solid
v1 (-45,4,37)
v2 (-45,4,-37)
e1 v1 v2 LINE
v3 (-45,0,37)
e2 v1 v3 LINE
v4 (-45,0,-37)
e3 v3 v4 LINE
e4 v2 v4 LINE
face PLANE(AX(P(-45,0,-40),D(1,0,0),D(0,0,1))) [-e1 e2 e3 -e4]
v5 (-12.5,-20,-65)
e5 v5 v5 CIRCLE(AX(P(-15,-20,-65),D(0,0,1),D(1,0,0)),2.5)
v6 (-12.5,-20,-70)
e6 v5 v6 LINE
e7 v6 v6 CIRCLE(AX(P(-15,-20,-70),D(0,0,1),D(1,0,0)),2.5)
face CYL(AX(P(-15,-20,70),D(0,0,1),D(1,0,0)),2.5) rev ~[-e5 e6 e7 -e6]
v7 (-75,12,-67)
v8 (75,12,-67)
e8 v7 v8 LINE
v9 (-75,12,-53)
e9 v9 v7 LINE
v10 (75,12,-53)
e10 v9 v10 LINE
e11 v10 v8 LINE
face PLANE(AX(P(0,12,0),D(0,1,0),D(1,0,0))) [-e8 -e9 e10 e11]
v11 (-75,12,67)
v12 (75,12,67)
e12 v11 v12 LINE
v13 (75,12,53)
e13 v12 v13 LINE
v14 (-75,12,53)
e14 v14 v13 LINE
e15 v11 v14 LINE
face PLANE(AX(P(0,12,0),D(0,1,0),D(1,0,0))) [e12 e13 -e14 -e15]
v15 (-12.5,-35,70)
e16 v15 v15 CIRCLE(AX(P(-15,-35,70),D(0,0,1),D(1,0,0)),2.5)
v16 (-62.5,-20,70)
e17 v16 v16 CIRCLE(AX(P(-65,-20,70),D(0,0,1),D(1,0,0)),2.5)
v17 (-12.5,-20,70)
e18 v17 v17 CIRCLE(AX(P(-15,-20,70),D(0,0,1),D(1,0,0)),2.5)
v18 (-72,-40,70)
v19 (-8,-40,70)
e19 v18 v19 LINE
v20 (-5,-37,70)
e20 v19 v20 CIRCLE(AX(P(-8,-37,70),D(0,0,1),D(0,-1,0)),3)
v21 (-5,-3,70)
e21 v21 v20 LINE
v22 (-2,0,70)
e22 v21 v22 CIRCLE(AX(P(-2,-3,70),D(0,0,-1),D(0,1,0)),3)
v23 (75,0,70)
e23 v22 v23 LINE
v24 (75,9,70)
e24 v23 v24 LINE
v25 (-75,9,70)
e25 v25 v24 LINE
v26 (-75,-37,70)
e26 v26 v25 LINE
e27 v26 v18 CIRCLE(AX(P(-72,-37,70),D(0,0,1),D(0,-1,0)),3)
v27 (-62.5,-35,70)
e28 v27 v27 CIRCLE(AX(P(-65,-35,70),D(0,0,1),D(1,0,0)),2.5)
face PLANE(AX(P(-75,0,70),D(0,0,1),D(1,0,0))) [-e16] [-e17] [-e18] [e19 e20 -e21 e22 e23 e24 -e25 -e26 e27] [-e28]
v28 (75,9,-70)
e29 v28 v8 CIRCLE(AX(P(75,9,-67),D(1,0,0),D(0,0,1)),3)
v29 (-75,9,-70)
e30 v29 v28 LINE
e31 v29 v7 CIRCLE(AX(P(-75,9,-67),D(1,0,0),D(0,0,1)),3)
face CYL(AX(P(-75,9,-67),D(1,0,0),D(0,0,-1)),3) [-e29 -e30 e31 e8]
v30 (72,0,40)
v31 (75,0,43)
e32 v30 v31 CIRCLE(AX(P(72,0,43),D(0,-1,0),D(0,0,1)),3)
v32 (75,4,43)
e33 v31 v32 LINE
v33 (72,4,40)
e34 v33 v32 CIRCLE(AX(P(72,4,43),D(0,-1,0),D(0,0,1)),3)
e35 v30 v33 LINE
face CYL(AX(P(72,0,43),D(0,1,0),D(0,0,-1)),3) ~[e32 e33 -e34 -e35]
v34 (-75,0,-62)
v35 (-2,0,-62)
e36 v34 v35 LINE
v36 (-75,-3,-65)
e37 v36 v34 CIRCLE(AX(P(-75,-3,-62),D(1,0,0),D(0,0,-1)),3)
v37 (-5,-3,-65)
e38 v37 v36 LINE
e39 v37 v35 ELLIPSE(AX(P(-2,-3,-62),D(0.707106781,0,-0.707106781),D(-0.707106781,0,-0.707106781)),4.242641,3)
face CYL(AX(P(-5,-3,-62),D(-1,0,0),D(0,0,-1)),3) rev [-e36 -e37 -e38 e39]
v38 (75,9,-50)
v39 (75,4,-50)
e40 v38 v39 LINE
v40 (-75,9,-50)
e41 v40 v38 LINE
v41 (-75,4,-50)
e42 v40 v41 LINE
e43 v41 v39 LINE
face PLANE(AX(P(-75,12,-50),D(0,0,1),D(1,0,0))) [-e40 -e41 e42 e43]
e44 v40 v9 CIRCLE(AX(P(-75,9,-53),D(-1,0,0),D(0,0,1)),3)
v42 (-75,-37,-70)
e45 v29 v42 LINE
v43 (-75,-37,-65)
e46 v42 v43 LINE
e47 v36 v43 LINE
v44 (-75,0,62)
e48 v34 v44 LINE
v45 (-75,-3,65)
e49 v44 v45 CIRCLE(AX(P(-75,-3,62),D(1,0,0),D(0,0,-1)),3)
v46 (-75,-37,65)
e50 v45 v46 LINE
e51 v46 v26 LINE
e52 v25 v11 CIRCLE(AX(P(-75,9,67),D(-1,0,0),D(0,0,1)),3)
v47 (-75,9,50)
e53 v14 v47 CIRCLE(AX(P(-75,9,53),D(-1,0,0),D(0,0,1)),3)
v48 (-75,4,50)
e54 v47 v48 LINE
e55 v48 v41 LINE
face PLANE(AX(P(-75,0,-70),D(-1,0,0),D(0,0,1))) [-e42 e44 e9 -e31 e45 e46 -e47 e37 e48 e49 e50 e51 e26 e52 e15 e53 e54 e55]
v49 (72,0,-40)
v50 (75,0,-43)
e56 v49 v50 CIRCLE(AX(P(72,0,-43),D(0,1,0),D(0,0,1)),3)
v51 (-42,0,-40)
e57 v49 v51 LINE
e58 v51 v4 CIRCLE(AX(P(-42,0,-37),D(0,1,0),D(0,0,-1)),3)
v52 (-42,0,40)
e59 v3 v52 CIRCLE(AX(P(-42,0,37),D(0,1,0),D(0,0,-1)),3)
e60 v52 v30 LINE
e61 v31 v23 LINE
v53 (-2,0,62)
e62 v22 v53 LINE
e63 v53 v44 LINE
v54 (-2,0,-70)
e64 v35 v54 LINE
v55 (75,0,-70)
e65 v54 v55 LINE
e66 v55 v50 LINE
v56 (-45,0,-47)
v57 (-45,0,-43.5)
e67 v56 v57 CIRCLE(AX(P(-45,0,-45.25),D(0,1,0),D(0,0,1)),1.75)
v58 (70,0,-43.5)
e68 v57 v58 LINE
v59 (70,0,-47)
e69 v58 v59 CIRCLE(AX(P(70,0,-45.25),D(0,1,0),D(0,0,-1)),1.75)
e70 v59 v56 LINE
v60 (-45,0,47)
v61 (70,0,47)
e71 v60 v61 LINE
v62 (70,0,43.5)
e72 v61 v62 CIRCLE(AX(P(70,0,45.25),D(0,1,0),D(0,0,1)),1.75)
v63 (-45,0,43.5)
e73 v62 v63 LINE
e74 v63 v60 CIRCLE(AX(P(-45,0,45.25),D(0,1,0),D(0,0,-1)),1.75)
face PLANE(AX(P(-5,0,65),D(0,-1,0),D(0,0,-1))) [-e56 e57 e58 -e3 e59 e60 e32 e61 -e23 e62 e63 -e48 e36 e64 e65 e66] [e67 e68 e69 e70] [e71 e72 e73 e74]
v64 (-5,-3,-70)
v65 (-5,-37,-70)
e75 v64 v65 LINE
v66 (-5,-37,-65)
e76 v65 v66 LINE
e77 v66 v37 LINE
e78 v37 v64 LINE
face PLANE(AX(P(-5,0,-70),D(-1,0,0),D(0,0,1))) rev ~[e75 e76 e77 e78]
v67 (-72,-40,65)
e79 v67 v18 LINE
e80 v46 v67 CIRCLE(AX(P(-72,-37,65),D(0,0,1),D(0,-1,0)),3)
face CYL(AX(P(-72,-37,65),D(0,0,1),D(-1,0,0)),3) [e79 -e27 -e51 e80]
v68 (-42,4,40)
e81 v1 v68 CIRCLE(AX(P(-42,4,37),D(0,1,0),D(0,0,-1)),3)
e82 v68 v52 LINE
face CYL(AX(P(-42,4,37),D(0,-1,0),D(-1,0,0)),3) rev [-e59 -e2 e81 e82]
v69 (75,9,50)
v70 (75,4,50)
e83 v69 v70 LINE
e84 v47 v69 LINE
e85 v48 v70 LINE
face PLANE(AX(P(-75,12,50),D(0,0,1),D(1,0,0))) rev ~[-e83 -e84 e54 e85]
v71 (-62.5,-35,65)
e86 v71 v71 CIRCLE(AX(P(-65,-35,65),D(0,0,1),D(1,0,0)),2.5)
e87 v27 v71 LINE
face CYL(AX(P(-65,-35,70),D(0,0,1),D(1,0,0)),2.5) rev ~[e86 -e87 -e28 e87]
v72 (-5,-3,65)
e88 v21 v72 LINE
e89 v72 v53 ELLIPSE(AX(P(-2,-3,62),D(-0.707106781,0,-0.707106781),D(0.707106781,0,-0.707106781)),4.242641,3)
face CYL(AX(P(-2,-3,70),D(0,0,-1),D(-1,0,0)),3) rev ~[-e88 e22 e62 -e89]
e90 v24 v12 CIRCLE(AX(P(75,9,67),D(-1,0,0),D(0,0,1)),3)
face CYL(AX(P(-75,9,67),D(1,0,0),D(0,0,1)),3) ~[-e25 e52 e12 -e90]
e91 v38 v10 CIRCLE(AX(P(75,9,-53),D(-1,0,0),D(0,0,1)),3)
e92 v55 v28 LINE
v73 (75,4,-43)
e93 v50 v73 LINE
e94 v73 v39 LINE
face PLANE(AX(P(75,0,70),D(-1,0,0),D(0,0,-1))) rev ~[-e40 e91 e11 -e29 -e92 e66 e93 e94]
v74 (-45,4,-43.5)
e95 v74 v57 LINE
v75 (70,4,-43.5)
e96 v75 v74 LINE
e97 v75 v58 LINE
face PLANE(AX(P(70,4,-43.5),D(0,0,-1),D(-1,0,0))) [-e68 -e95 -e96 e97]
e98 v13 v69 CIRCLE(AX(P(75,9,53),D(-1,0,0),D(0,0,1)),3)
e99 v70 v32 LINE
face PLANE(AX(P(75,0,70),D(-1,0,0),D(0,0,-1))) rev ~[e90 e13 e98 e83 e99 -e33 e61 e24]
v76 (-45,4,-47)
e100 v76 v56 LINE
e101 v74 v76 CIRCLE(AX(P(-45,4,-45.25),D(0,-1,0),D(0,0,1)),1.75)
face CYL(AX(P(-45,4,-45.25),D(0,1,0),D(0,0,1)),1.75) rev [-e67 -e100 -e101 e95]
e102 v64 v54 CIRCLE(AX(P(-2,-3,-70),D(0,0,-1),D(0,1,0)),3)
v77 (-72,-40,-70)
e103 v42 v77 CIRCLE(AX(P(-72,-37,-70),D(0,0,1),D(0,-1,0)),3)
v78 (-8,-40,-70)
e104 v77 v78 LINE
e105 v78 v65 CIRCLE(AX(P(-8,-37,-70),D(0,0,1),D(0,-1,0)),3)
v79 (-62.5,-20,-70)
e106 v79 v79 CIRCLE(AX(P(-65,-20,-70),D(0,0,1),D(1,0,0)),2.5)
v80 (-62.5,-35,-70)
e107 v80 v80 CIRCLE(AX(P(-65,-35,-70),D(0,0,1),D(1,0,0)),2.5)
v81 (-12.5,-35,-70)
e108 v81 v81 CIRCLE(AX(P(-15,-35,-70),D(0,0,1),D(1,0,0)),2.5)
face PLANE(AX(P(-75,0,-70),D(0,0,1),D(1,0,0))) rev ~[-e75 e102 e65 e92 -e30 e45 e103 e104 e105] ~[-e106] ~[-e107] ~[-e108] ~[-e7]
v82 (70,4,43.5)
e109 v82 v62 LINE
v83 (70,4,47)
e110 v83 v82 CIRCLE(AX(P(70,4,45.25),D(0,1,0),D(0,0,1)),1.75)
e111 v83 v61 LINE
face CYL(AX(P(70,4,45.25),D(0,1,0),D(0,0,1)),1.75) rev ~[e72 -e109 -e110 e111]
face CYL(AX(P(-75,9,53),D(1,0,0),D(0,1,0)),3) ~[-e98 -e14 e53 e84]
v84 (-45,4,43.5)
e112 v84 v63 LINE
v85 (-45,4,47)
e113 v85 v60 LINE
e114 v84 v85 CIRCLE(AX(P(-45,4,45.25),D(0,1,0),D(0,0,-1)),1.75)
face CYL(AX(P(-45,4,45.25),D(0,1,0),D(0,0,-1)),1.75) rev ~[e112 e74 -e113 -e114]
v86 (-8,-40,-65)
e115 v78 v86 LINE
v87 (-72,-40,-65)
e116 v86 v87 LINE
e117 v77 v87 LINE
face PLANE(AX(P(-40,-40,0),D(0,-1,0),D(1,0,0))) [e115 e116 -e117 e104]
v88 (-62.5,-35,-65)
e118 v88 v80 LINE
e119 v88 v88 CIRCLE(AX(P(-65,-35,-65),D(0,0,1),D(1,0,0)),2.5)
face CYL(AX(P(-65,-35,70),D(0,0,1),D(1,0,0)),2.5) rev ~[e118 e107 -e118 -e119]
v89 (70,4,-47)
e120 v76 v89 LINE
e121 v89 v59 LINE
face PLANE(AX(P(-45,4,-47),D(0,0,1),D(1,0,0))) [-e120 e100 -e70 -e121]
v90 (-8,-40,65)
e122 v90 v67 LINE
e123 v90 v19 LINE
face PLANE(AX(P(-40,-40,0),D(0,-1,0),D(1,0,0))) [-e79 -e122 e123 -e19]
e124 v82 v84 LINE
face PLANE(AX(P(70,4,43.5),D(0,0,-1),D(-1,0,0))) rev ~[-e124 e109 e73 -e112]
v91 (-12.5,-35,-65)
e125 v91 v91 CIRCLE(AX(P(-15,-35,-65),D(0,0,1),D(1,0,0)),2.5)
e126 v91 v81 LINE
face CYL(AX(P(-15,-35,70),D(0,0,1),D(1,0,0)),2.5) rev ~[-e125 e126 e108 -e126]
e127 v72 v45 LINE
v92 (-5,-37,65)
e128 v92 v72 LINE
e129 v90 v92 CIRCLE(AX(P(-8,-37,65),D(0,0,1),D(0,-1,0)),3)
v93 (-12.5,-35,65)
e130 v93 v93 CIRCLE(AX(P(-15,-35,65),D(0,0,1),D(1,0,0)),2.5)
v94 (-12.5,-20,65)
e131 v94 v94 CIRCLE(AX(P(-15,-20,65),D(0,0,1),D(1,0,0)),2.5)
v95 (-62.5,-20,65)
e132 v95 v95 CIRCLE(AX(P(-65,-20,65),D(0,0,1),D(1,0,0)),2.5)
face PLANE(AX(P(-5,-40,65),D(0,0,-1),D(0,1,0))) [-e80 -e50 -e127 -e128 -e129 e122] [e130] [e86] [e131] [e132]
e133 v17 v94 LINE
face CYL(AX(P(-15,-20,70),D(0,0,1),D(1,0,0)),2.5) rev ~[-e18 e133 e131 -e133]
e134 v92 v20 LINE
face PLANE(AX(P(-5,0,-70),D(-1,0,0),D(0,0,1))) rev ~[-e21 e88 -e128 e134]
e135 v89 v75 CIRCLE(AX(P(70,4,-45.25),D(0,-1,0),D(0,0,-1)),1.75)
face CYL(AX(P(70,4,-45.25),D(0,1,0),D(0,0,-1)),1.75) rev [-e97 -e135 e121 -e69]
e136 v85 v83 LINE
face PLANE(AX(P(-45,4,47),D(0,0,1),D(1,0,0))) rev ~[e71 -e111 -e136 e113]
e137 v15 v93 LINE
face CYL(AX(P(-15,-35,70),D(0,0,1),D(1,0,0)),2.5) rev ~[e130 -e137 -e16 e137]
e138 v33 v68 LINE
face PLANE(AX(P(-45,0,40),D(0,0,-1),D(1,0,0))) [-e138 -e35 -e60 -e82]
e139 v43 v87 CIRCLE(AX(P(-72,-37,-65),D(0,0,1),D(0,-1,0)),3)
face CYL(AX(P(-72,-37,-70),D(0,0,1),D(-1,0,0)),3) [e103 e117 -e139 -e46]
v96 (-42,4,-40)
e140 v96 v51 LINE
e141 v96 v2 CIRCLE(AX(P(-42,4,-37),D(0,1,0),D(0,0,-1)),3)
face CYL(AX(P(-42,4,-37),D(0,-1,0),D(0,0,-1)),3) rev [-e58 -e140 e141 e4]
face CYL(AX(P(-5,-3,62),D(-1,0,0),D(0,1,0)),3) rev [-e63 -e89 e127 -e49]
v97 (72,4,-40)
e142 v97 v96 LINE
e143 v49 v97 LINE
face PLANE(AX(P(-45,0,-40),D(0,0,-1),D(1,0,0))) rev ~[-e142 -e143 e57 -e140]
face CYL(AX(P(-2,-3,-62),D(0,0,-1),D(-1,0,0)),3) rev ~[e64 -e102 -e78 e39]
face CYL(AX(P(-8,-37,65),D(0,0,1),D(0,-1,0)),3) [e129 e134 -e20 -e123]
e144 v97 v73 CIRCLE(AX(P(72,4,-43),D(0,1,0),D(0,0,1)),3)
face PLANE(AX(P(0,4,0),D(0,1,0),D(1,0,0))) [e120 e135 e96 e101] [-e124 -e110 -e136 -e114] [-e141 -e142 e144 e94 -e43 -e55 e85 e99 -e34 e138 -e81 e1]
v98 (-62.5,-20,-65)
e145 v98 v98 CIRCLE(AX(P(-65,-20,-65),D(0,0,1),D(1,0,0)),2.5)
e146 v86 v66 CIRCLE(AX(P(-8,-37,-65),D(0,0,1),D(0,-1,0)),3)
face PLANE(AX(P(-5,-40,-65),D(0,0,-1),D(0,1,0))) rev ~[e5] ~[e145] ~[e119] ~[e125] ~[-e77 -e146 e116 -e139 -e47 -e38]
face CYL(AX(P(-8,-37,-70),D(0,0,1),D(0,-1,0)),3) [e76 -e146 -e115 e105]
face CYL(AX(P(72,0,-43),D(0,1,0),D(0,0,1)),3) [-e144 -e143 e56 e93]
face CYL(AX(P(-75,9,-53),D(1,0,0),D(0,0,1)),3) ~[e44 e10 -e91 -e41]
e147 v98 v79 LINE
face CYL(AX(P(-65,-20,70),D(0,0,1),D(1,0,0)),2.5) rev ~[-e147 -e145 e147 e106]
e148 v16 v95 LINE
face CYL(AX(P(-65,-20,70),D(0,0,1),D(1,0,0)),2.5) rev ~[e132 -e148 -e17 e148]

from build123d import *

# Parameters (mm, degrees)
SKETCH1_W               = 150
SKETCH1_H               = 140
BOSS_EXTRUDE1_DEPTH     = 12
SKETCH4_W               = 70
SKETCH4_H               = 140
BOSS_EXTRUDE2_DEPTH     = 40
SKETCH5_R               = 2.5
CUT_EXTRUDE1_DEPTH      = 141
SKETCH7_W               = 150
SKETCH7_H               = 100
CUT_EXTRUDE2_DEPTH      = 8
SKETCH8_W               = 120
SKETCH8_H               = 80
CUT_EXTRUDE3_DEPTH      = 41
CUT_EXTRUDE3_DEPTH_BACK = 13
CUT_EXTRUDE4_DEPTH      = 45
SKETCH11_W              = 130
SKETCH11_H              = 40
CUT_EXTRUDE6_DEPTH      = 71
FILLET5_R               = 3
FILLET6_R               = 3
FILLET7_R               = 3
FILLET8_R               = 3
FILLET9_R               = 3
FILLET10_R              = 3
FILLET11_R              = 3


with BuildPart() as part:
    # Sketch1 → Boss-Extrude1 (new body)
    with BuildSketch(Plane(origin=(0, 0, 0), x_dir=(1, 0, 0), z_dir=(0, 1, 0))):
        Rectangle(SKETCH1_W, SKETCH1_H)
    extrude(amount=BOSS_EXTRUDE1_DEPTH)

    # Sketch4 → Boss-Extrude2 (add)
    with BuildSketch(Plane.XZ):
        with Locations((-40, 0)):
            Rectangle(SKETCH4_W, SKETCH4_H)
    extrude(amount=BOSS_EXTRUDE2_DEPTH)

    # Sketch5 → Cut-Extrude1 (cut, through all)
    with BuildSketch(Plane.XY.offset(70)):
        with Locations((-65, -35)):
            Circle(SKETCH5_R)
        with Locations((-15, -35)):
            Circle(SKETCH5_R)
        with Locations((-15, -20)):
            Circle(SKETCH5_R)
        with Locations((-65, -20)):
            Circle(SKETCH5_R)
    extrude(amount=-CUT_EXTRUDE1_DEPTH, mode=Mode.SUBTRACT)

    # Sketch7 → Cut-Extrude2 (cut)
    with BuildSketch(Plane(origin=(0, 12, 0), x_dir=(1, 0, 0), z_dir=(0, 1, 0))):
        Rectangle(SKETCH7_W, SKETCH7_H)
    extrude(amount=-CUT_EXTRUDE2_DEPTH, mode=Mode.SUBTRACT)

    # Sketch8 → Cut-Extrude3 (cut, two sides)
    with BuildSketch(Plane.XZ) as cut_extrude3_sk:
        with Locations((15, 0)):
            Rectangle(SKETCH8_W, SKETCH8_H)
    extrude(amount=CUT_EXTRUDE3_DEPTH, mode=Mode.SUBTRACT)
    extrude(cut_extrude3_sk.sketch, amount=-CUT_EXTRUDE3_DEPTH_BACK, mode=Mode.SUBTRACT)

    # Sketch9 → Cut-Extrude4 (cut, through all)
    with BuildSketch(Plane(origin=(0, 4, 0), x_dir=(1, 0, 0), z_dir=(0, 1, 0))):
        with BuildLine():
            Line((-45, 47), (70, 47))
            ThreePointArc((70, 47), (71.75, 45.25), (70, 43.5))
            Line((70, 43.5), (-45, 43.5))
            ThreePointArc((-45, 43.5), (-46.75, 45.25), (-45, 47))
        make_face()
        with BuildLine():
            Line((-45, -47), (70, -47))
            ThreePointArc((70, -47), (71.75, -45.25), (70, -43.5))
            Line((70, -43.5), (-45, -43.5))
            ThreePointArc((-45, -43.5), (-46.75, -45.25), (-45, -47))
        make_face()
    extrude(amount=-CUT_EXTRUDE4_DEPTH, mode=Mode.SUBTRACT)

    # Sketch11 → Cut-Extrude6 (cut, through all)
    with BuildSketch(Plane(origin=(-5, 0, 0), x_dir=(0, 0, -1), z_dir=(1, 0, 0))):
        with Locations((0, -20)):
            Rectangle(SKETCH11_W, SKETCH11_H)
    extrude(amount=-CUT_EXTRUDE6_DEPTH, mode=Mode.SUBTRACT)

    # Fillet5
    fillet5_edges = [part.edges().sort_by_distance(p)[0] for p in [
        (-40, 0, -65),
        (-40, 0, 65),
    ]]
    fillet(fillet5_edges, radius=FILLET5_R)

    # Fillet6
    fillet6_edges = [part.edges().sort_by_distance(p)[0] for p in [
        (-5, 0, -67.5),
        (-5, 0, 67.5),
    ]]
    fillet(fillet6_edges, radius=FILLET6_R)

    # Fillet7
    fillet7_edges = [part.edges().sort_by_distance(p)[0] for p in [
        (0, 12, 70),
        (0, 12, -70),
    ]]
    fillet(fillet7_edges, radius=FILLET7_R)

    # Fillet8
    fillet8_edges = [part.edges().sort_by_distance(p)[0] for p in [
        (0, 12, -50),
        (0, 12, 50),
    ]]
    fillet(fillet8_edges, radius=FILLET8_R)

    # Fillet9
    fillet9_edges = [part.edges().sort_by_distance(p)[0] for p in [
        (-5, -40, 67.5),
        (-75, -40, -67.5),
        (-75, -40, 67.5),
        (-5, -40, -67.5),
    ]]
    fillet(fillet9_edges, radius=FILLET9_R)

    # Fillet10
    fillet10_edges = [part.edges().sort_by_distance(p)[0] for p in [
        (-45, 2, 40),
        (-45, 2, -40),
    ]]
    fillet(fillet10_edges, radius=FILLET10_R)

    # Fillet11
    fillet11_edges = [part.edges().sort_by_distance(p)[0] for p in [
        (75, 2, 40),
        (75, 2, -40),
    ]]
    fillet(fillet11_edges, radius=FILLET11_R)


solid = part.part
